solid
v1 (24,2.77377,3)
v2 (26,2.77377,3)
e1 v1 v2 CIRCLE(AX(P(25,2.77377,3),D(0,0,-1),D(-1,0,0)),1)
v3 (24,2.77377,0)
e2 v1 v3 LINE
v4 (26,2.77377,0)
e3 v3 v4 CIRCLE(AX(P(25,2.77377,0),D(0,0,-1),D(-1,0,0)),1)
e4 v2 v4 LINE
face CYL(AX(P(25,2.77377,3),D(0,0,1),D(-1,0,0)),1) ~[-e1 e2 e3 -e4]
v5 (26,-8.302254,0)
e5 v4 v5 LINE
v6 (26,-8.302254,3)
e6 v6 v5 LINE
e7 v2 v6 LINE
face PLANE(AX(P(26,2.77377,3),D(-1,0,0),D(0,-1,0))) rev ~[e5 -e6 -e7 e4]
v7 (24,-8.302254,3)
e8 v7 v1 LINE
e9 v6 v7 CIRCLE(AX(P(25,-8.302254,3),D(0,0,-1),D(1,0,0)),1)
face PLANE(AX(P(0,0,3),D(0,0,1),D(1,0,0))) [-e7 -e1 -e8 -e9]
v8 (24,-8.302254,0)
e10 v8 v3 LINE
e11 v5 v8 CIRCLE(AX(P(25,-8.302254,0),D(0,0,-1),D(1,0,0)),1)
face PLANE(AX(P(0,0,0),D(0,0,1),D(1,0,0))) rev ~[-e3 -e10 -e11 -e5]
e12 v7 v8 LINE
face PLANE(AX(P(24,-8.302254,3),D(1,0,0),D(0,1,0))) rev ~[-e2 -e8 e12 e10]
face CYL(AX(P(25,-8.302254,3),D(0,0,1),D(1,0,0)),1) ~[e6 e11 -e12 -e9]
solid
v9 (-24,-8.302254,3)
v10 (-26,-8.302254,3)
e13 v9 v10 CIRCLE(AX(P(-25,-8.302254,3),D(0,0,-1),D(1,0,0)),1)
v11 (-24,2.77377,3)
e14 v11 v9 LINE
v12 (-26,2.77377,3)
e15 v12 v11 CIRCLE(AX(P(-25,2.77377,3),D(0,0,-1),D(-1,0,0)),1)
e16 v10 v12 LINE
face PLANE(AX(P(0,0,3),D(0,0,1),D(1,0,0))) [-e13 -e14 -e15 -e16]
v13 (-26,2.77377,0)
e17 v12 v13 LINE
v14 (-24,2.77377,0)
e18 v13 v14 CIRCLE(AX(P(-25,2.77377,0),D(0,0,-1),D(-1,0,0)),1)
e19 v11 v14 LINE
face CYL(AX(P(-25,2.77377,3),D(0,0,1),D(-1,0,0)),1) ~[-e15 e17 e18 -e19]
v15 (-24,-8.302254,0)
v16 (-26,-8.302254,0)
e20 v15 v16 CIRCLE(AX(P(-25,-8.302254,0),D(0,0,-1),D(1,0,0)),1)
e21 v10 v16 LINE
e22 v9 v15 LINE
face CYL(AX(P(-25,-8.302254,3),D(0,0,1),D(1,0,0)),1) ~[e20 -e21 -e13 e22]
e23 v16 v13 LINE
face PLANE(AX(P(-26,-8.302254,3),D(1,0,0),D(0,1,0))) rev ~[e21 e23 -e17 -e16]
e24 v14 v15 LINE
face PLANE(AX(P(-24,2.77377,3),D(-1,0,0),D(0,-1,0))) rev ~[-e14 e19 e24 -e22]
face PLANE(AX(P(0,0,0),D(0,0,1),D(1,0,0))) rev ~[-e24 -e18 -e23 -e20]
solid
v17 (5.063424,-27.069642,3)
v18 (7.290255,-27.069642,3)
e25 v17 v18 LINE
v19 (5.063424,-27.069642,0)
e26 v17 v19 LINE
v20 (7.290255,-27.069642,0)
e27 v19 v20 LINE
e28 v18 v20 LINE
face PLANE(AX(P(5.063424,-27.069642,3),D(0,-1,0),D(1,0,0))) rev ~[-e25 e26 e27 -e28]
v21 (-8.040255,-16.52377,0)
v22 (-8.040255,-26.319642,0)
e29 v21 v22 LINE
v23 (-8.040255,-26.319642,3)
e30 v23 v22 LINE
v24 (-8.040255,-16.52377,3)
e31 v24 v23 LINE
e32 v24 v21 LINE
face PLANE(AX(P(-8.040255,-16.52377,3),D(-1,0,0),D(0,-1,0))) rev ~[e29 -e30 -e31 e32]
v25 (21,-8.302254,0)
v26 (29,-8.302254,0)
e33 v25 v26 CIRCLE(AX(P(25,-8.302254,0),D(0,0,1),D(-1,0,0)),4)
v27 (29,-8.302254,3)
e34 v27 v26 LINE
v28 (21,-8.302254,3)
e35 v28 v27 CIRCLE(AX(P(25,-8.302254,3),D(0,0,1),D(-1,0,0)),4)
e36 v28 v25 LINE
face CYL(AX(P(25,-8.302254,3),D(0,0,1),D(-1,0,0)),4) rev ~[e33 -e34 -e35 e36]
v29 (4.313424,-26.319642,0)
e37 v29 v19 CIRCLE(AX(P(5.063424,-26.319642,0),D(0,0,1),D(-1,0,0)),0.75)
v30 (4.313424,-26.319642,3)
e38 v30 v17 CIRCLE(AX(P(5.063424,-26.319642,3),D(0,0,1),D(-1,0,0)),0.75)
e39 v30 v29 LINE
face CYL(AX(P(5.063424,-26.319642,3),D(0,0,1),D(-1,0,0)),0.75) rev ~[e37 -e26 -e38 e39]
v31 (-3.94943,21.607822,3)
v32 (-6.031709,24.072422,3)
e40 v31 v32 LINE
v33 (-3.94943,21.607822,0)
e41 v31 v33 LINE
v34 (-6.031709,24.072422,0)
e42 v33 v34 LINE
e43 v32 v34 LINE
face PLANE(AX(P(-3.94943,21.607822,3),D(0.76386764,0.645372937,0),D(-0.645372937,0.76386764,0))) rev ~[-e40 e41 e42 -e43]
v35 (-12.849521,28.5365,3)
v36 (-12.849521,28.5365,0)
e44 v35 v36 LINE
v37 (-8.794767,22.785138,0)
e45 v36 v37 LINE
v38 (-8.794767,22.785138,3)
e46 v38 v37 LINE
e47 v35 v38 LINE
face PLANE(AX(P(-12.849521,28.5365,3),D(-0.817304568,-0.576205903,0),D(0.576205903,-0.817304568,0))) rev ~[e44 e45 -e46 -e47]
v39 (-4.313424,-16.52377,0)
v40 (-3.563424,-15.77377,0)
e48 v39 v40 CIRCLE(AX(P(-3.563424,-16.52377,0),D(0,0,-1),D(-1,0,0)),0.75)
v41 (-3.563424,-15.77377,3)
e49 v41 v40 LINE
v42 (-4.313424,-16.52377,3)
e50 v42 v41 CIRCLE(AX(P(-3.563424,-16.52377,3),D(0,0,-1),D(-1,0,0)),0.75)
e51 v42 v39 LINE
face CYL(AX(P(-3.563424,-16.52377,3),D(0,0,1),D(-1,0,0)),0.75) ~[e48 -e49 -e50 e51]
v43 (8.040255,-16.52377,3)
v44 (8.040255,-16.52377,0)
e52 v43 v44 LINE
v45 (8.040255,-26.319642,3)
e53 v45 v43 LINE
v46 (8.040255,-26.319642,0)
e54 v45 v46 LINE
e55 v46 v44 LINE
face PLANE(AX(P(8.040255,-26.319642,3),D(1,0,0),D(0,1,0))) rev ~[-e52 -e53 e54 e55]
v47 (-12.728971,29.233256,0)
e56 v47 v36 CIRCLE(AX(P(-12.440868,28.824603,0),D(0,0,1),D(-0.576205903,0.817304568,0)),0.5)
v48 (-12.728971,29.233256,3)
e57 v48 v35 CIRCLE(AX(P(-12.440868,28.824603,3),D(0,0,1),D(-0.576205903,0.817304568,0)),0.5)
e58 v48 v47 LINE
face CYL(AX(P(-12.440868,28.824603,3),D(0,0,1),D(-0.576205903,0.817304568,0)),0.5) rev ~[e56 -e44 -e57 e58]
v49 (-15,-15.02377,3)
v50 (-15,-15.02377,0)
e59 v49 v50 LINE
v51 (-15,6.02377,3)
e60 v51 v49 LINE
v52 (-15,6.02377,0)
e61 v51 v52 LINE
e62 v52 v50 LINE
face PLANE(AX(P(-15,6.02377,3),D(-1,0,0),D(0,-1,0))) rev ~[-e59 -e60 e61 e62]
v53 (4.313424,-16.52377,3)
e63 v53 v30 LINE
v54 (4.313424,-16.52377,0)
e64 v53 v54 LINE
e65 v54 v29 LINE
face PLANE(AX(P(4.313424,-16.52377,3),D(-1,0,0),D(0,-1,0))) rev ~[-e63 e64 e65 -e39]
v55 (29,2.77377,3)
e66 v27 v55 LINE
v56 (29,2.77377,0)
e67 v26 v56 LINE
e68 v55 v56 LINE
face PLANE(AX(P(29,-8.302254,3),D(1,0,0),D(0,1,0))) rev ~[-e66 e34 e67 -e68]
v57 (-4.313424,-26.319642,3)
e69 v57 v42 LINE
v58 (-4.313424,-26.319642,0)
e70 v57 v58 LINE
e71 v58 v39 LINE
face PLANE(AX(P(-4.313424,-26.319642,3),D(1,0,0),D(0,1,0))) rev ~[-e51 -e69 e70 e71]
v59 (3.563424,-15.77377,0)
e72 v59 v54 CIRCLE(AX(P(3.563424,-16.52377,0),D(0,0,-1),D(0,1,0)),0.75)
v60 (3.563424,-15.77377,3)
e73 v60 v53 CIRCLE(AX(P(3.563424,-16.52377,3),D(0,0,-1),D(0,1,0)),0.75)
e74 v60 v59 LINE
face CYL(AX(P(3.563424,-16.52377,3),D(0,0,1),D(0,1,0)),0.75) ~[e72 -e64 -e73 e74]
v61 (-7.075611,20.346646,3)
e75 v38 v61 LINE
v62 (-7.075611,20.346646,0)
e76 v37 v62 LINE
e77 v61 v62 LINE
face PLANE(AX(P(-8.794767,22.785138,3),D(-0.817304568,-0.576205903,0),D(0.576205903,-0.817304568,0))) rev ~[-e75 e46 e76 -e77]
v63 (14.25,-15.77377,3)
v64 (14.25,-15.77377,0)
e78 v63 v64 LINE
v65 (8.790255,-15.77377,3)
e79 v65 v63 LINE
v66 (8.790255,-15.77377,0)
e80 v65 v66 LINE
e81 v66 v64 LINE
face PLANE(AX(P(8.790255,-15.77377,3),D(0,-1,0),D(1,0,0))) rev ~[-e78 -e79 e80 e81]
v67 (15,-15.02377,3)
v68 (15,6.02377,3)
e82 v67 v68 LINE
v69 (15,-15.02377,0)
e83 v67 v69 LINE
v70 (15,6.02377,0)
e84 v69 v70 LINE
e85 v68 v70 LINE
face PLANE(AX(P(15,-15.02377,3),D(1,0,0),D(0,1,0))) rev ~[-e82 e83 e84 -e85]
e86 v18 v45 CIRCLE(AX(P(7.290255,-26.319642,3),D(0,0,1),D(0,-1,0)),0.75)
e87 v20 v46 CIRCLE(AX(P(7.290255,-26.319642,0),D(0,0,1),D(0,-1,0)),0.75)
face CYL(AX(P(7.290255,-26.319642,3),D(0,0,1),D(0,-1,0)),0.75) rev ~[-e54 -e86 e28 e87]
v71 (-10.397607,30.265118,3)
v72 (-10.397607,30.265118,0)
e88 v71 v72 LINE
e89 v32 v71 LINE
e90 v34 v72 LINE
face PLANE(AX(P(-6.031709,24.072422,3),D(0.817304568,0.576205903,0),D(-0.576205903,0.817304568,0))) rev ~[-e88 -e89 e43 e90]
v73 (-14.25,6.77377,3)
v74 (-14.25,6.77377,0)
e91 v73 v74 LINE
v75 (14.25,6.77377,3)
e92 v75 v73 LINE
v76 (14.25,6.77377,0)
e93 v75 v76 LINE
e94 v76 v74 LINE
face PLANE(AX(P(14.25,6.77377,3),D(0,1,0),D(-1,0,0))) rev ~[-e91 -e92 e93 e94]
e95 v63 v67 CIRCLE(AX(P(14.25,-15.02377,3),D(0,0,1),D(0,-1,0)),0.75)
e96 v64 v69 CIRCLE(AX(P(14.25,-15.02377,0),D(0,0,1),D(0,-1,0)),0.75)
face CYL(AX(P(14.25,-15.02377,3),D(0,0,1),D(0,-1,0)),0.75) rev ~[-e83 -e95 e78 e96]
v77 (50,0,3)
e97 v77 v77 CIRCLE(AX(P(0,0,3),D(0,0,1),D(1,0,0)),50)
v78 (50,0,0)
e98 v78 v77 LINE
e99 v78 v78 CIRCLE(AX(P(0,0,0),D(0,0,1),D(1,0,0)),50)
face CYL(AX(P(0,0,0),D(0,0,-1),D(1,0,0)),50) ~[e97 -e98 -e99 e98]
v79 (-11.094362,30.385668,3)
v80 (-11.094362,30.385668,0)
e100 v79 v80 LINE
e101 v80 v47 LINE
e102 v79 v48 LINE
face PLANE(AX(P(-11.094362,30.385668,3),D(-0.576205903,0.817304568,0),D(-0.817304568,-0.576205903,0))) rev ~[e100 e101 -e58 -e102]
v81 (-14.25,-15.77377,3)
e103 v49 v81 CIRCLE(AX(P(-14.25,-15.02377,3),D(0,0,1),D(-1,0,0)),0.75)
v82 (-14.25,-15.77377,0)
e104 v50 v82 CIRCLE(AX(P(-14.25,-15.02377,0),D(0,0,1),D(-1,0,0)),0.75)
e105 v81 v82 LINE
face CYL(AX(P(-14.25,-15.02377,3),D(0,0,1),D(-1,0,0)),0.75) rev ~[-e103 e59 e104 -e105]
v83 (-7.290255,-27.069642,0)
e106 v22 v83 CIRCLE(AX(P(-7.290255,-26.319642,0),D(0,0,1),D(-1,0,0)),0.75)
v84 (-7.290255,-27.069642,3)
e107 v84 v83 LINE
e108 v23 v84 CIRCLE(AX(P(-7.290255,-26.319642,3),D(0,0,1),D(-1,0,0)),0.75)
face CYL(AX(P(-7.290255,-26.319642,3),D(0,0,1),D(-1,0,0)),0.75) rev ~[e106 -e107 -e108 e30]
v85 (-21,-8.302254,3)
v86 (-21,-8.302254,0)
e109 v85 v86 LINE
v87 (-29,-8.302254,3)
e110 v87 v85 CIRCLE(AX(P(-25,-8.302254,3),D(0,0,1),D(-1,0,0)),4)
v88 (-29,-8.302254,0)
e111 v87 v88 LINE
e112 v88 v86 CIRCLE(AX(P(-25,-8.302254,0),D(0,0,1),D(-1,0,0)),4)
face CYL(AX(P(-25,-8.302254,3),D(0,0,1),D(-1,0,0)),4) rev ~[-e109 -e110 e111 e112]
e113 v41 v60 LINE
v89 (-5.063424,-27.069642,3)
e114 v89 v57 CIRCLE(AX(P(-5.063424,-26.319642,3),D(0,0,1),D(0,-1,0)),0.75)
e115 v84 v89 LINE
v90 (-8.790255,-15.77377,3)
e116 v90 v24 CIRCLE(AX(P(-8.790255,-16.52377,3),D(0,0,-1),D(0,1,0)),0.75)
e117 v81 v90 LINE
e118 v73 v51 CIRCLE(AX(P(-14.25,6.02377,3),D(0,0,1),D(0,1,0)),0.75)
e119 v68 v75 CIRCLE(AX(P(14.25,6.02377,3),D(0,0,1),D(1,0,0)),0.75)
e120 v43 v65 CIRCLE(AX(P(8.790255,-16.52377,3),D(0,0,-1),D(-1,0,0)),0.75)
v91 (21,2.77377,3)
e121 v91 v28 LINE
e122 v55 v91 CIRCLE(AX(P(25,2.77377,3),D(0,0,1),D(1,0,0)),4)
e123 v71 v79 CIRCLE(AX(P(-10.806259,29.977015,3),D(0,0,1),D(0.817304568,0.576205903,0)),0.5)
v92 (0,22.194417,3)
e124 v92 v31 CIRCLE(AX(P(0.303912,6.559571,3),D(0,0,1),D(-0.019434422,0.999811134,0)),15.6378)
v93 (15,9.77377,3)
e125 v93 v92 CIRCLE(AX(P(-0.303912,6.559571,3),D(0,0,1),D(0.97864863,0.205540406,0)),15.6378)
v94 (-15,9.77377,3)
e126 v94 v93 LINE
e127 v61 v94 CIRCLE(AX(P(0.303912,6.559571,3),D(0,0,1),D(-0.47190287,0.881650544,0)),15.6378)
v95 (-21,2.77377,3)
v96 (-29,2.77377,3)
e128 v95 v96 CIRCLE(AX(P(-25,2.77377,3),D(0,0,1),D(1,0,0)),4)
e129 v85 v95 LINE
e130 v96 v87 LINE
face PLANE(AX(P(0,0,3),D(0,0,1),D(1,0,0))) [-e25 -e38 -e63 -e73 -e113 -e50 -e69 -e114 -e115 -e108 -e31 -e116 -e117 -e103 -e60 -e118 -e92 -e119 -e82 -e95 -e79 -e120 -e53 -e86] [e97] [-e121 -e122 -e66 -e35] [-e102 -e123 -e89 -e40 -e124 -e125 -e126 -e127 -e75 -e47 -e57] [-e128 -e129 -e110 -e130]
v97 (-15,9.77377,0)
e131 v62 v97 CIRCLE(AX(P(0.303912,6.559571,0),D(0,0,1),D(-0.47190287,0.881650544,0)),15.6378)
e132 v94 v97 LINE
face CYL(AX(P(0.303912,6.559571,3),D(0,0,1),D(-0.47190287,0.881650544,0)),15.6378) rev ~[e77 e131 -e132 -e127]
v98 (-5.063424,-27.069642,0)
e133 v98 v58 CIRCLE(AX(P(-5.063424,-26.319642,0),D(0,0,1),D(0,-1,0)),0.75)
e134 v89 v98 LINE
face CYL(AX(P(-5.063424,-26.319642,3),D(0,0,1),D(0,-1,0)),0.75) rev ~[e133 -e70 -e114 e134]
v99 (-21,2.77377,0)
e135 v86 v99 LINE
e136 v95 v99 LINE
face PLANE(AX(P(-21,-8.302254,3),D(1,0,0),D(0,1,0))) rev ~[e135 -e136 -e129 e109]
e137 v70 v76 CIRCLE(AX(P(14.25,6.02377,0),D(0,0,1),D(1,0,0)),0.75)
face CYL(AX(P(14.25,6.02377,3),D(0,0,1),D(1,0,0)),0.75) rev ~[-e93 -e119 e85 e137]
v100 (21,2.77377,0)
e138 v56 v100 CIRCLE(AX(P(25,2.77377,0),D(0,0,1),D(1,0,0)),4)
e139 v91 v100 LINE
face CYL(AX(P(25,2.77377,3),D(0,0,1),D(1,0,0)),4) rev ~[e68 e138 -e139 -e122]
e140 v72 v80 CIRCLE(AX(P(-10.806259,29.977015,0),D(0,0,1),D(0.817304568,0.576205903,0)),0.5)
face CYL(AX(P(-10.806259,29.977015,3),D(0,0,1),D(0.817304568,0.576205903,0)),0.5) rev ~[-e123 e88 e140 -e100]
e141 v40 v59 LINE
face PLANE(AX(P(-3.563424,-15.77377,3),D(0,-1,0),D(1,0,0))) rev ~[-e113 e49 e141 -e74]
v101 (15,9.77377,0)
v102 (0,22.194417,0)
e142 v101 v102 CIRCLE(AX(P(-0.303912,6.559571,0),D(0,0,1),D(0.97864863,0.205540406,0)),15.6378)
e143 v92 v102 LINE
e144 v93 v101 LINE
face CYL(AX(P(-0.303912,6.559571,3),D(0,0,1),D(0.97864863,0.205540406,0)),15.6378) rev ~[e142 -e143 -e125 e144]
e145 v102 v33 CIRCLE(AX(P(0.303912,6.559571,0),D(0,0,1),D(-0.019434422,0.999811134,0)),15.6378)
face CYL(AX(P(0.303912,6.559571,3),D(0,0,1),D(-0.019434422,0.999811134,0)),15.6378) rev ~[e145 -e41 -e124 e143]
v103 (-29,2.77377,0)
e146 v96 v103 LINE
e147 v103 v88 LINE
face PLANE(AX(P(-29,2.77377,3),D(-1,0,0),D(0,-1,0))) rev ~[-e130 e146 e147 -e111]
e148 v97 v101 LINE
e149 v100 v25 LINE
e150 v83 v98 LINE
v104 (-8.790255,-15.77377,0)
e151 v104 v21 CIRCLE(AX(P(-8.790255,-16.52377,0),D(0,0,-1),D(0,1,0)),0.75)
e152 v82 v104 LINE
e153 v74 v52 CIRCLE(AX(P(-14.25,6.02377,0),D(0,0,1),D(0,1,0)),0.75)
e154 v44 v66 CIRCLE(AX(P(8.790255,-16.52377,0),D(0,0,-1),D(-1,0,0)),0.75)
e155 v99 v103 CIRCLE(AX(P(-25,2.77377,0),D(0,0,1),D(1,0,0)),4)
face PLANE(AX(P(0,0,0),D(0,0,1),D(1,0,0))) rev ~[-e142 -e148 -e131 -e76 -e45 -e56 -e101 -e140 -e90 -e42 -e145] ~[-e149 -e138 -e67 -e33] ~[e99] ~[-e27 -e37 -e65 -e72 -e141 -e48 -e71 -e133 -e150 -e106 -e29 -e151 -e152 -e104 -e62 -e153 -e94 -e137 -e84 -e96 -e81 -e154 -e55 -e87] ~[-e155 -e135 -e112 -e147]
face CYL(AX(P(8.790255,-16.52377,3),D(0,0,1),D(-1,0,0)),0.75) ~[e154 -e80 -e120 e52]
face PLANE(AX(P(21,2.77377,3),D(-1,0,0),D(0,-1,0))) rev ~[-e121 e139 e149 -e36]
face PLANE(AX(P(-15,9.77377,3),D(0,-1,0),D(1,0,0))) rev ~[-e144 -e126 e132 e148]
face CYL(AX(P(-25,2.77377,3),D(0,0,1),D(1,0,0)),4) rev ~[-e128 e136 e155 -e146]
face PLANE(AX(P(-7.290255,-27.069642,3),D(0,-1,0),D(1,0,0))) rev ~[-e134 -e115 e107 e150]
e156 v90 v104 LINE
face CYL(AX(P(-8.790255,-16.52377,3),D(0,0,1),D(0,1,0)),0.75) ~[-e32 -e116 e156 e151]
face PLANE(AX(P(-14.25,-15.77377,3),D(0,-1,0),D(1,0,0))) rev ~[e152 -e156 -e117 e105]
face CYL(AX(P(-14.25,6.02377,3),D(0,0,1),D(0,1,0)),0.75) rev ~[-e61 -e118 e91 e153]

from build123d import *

# Parameters (mm, degrees)
F0_R     = 50
F2_DEPTH = 3
F4_R     = 1.5
F5_DEPTH = 3
F6_DEPTH = 3


with BuildPart() as f2:
    # F0 (on Top) → F2 (new body)
    with BuildSketch(Plane.XY):
        Circle(F0_R)
    extrude(amount=F2_DEPTH)

    # F4 (on face) → F5 (cut)
    with BuildSketch(Plane.XY.offset(3)):
        with BuildLine():
            Line((-15, 9.7737704918), (0, 9.7737704918))
            Line((0, 9.7737704918), (15, 9.7737704918))
            ThreePointArc((15, 9.7737704918), (9.6695107404, 18.6041395087), (0, 22.1944173204))
            ThreePointArc((0, 22.1944173204), (-1.9935135756, 22.0276872196), (-3.9494299266, 21.6078223243))
            ThreePointArc((-3.9494299266, 21.6078223243), (-5.5466032745, 21.0617176712), (-7.0756111193, 20.3466456428))
            ThreePointArc((-7.0756111193, 20.3466456428), (-12.2093202117, 15.9382603993), (-15, 9.7737704918))
        make_face()
        with Locations((-7.5, 16.0260769339)):
            Circle(F4_R, mode=Mode.SUBTRACT)
        with Locations((7.5, 16.0260769339)):
            Circle(F4_R, mode=Mode.SUBTRACT)
        with Locations((-7.5, 16.0260769339)):
            Circle(F4_R)
        with Locations((7.5, 16.0260769339)):
            Circle(F4_R)
        with BuildLine():
            ThreePointArc((21, -8.3022542986), (25, -12.3022542986), (29, -8.3022542986))
            Line((29, -8.3022542986), (29, 2.7737704918))
            ThreePointArc((29, 2.7737704918), (25, 6.7737704918), (21, 2.7737704918))
            Line((21, 2.7737704918), (21, -8.3022542986))
        make_face()
        with BuildLine():
            Line((26, 2.7737704918), (26, -8.3022542986))
            ThreePointArc((26, -8.3022542986), (25, -9.3022542986), (24, -8.3022542986))
            Line((24, -8.3022542986), (24, 2.7737704918))
            ThreePointArc((24, 2.7737704918), (25, 3.7737704918), (26, 2.7737704918))
        make_face(mode=Mode.SUBTRACT)
        with BuildLine():
            Line((-21, -8.3022542986), (-21, 2.7737704918))
            ThreePointArc((-21, 2.7737704918), (-25, 6.7737704918), (-29, 2.7737704918))
            Line((-29, 2.7737704918), (-29, -8.3022542986))
            ThreePointArc((-29, -8.3022542986), (-25, -12.3022542986), (-21, -8.3022542986))
        make_face()
        with BuildLine():
            Line((-26, -8.3022542986), (-26, 2.7737704918))
            ThreePointArc((-26, 2.7737704918), (-25, 3.7737704918), (-24, 2.7737704918))
            Line((-24, 2.7737704918), (-24, -8.3022542986))
            ThreePointArc((-24, -8.3022542986), (-25, -9.3022542986), (-26, -8.3022542986))
        make_face(mode=Mode.SUBTRACT)
        with BuildLine():
            Line((14.25, 6.7737704918), (0, 6.7737704918))
            Line((0, 6.7737704918), (-14.25, 6.7737704918))
            ThreePointArc((-14.25, 6.7737704918), (-14.7803300859, 6.5541005777), (-15, 6.0237704918))
            Line((-15, 6.0237704918), (-15, -15.0237704918))
            ThreePointArc((-15, -15.0237704918), (-14.7803300859, -15.5541005777), (-14.25, -15.7737704918))
            Line((-14.25, -15.7737704918), (-8.7902552709, -15.7737704918))
            ThreePointArc((-8.7902552709, -15.7737704918), (-8.259925185, -15.9934404059), (-8.0402552709, -16.5237704918))
            Line((-8.0402552709, -16.5237704918), (-8.0402552709, -26.3196417335))
            ThreePointArc((-8.0402552709, -26.3196417335), (-7.8205853568, -26.8499718194), (-7.2902552709, -27.0696417335))
            Line((-7.2902552709, -27.0696417335), (-5.0634240992, -27.0696417335))
            ThreePointArc((-5.0634240992, -27.0696417335), (-4.5330940133, -26.8499718194), (-4.3134240992, -26.3196417335))
            Line((-4.3134240992, -26.3196417335), (-4.3134240992, -16.5237704918))
            ThreePointArc((-4.3134240992, -16.5237704918), (-4.0937541851, -15.9934404059), (-3.5634240992, -15.7737704918))
            Line((-3.5634240992, -15.7737704918), (0, -15.7737704918))
            Line((0, -15.7737704918), (3.5634240992, -15.7737704918))
            ThreePointArc((3.5634240992, -15.7737704918), (4.0937541851, -15.9934404059), (4.3134240992, -16.5237704918))
            Line((4.3134240992, -16.5237704918), (4.3134240992, -26.3196417335))
            ThreePointArc((4.3134240992, -26.3196417335), (4.5330940133, -26.8499718194), (5.0634240992, -27.0696417335))
            Line((5.0634240992, -27.0696417335), (7.2902552709, -27.0696417335))
            ThreePointArc((7.2902552709, -27.0696417335), (7.8205853568, -26.8499718194), (8.0402552709, -26.3196417335))
            Line((8.0402552709, -26.3196417335), (8.0402552709, -16.5237704918))
            ThreePointArc((8.0402552709, -16.5237704918), (8.259925185, -15.9934404059), (8.7902552709, -15.7737704918))
            Line((8.7902552709, -15.7737704918), (14.25, -15.7737704918))
            ThreePointArc((14.25, -15.7737704918), (14.7803300859, -15.5541005777), (15, -15.0237704918))
            Line((15, -15.0237704918), (15, 6.0237704918))
            ThreePointArc((15, 6.0237704918), (14.7803300859, 6.5541005777), (14.25, 6.7737704918))
        make_face()
        with BuildLine():
            Line((-8.7947665615, 22.7851378335), (-7.0756111193, 20.3466456428))
            ThreePointArc((-7.0756111193, 20.3466456428), (-5.5466032745, 21.0617176712), (-3.9494299266, 21.6078223243))
            Line((-3.9494299266, 21.6078223243), (-6.0317090645, 24.0724215661))
            Line((-6.0317090645, 24.0724215661), (-10.397607046, 30.2651182078))
            ThreePointArc((-10.397607046, 30.2651182078), (-10.7210180797, 30.4696956081), (-11.0943622817, 30.3856675401))
            Line((-11.0943622817, 30.3856675401), (-12.7289714176, 29.2332557331))
            ThreePointArc((-12.7289714176, 29.2332557331), (-12.9335488179, 28.9098446994), (-12.8495207498, 28.5365004974))
            Line((-12.8495207498, 28.5365004974), (-8.7947665615, 22.7851378335))
        make_face()
    extrude(amount=-F5_DEPTH, mode=Mode.SUBTRACT)

    # F4 (on face) → F6 (cut)
    with BuildSketch(Plane.XY.offset(3)):
        with Locations((-7.5, 16.0260769339)):
            Circle(F4_R)
        with Locations((7.5, 16.0260769339)):
            Circle(F4_R)
    extrude(amount=-F6_DEPTH, mode=Mode.SUBTRACT)


solid = f2.part
